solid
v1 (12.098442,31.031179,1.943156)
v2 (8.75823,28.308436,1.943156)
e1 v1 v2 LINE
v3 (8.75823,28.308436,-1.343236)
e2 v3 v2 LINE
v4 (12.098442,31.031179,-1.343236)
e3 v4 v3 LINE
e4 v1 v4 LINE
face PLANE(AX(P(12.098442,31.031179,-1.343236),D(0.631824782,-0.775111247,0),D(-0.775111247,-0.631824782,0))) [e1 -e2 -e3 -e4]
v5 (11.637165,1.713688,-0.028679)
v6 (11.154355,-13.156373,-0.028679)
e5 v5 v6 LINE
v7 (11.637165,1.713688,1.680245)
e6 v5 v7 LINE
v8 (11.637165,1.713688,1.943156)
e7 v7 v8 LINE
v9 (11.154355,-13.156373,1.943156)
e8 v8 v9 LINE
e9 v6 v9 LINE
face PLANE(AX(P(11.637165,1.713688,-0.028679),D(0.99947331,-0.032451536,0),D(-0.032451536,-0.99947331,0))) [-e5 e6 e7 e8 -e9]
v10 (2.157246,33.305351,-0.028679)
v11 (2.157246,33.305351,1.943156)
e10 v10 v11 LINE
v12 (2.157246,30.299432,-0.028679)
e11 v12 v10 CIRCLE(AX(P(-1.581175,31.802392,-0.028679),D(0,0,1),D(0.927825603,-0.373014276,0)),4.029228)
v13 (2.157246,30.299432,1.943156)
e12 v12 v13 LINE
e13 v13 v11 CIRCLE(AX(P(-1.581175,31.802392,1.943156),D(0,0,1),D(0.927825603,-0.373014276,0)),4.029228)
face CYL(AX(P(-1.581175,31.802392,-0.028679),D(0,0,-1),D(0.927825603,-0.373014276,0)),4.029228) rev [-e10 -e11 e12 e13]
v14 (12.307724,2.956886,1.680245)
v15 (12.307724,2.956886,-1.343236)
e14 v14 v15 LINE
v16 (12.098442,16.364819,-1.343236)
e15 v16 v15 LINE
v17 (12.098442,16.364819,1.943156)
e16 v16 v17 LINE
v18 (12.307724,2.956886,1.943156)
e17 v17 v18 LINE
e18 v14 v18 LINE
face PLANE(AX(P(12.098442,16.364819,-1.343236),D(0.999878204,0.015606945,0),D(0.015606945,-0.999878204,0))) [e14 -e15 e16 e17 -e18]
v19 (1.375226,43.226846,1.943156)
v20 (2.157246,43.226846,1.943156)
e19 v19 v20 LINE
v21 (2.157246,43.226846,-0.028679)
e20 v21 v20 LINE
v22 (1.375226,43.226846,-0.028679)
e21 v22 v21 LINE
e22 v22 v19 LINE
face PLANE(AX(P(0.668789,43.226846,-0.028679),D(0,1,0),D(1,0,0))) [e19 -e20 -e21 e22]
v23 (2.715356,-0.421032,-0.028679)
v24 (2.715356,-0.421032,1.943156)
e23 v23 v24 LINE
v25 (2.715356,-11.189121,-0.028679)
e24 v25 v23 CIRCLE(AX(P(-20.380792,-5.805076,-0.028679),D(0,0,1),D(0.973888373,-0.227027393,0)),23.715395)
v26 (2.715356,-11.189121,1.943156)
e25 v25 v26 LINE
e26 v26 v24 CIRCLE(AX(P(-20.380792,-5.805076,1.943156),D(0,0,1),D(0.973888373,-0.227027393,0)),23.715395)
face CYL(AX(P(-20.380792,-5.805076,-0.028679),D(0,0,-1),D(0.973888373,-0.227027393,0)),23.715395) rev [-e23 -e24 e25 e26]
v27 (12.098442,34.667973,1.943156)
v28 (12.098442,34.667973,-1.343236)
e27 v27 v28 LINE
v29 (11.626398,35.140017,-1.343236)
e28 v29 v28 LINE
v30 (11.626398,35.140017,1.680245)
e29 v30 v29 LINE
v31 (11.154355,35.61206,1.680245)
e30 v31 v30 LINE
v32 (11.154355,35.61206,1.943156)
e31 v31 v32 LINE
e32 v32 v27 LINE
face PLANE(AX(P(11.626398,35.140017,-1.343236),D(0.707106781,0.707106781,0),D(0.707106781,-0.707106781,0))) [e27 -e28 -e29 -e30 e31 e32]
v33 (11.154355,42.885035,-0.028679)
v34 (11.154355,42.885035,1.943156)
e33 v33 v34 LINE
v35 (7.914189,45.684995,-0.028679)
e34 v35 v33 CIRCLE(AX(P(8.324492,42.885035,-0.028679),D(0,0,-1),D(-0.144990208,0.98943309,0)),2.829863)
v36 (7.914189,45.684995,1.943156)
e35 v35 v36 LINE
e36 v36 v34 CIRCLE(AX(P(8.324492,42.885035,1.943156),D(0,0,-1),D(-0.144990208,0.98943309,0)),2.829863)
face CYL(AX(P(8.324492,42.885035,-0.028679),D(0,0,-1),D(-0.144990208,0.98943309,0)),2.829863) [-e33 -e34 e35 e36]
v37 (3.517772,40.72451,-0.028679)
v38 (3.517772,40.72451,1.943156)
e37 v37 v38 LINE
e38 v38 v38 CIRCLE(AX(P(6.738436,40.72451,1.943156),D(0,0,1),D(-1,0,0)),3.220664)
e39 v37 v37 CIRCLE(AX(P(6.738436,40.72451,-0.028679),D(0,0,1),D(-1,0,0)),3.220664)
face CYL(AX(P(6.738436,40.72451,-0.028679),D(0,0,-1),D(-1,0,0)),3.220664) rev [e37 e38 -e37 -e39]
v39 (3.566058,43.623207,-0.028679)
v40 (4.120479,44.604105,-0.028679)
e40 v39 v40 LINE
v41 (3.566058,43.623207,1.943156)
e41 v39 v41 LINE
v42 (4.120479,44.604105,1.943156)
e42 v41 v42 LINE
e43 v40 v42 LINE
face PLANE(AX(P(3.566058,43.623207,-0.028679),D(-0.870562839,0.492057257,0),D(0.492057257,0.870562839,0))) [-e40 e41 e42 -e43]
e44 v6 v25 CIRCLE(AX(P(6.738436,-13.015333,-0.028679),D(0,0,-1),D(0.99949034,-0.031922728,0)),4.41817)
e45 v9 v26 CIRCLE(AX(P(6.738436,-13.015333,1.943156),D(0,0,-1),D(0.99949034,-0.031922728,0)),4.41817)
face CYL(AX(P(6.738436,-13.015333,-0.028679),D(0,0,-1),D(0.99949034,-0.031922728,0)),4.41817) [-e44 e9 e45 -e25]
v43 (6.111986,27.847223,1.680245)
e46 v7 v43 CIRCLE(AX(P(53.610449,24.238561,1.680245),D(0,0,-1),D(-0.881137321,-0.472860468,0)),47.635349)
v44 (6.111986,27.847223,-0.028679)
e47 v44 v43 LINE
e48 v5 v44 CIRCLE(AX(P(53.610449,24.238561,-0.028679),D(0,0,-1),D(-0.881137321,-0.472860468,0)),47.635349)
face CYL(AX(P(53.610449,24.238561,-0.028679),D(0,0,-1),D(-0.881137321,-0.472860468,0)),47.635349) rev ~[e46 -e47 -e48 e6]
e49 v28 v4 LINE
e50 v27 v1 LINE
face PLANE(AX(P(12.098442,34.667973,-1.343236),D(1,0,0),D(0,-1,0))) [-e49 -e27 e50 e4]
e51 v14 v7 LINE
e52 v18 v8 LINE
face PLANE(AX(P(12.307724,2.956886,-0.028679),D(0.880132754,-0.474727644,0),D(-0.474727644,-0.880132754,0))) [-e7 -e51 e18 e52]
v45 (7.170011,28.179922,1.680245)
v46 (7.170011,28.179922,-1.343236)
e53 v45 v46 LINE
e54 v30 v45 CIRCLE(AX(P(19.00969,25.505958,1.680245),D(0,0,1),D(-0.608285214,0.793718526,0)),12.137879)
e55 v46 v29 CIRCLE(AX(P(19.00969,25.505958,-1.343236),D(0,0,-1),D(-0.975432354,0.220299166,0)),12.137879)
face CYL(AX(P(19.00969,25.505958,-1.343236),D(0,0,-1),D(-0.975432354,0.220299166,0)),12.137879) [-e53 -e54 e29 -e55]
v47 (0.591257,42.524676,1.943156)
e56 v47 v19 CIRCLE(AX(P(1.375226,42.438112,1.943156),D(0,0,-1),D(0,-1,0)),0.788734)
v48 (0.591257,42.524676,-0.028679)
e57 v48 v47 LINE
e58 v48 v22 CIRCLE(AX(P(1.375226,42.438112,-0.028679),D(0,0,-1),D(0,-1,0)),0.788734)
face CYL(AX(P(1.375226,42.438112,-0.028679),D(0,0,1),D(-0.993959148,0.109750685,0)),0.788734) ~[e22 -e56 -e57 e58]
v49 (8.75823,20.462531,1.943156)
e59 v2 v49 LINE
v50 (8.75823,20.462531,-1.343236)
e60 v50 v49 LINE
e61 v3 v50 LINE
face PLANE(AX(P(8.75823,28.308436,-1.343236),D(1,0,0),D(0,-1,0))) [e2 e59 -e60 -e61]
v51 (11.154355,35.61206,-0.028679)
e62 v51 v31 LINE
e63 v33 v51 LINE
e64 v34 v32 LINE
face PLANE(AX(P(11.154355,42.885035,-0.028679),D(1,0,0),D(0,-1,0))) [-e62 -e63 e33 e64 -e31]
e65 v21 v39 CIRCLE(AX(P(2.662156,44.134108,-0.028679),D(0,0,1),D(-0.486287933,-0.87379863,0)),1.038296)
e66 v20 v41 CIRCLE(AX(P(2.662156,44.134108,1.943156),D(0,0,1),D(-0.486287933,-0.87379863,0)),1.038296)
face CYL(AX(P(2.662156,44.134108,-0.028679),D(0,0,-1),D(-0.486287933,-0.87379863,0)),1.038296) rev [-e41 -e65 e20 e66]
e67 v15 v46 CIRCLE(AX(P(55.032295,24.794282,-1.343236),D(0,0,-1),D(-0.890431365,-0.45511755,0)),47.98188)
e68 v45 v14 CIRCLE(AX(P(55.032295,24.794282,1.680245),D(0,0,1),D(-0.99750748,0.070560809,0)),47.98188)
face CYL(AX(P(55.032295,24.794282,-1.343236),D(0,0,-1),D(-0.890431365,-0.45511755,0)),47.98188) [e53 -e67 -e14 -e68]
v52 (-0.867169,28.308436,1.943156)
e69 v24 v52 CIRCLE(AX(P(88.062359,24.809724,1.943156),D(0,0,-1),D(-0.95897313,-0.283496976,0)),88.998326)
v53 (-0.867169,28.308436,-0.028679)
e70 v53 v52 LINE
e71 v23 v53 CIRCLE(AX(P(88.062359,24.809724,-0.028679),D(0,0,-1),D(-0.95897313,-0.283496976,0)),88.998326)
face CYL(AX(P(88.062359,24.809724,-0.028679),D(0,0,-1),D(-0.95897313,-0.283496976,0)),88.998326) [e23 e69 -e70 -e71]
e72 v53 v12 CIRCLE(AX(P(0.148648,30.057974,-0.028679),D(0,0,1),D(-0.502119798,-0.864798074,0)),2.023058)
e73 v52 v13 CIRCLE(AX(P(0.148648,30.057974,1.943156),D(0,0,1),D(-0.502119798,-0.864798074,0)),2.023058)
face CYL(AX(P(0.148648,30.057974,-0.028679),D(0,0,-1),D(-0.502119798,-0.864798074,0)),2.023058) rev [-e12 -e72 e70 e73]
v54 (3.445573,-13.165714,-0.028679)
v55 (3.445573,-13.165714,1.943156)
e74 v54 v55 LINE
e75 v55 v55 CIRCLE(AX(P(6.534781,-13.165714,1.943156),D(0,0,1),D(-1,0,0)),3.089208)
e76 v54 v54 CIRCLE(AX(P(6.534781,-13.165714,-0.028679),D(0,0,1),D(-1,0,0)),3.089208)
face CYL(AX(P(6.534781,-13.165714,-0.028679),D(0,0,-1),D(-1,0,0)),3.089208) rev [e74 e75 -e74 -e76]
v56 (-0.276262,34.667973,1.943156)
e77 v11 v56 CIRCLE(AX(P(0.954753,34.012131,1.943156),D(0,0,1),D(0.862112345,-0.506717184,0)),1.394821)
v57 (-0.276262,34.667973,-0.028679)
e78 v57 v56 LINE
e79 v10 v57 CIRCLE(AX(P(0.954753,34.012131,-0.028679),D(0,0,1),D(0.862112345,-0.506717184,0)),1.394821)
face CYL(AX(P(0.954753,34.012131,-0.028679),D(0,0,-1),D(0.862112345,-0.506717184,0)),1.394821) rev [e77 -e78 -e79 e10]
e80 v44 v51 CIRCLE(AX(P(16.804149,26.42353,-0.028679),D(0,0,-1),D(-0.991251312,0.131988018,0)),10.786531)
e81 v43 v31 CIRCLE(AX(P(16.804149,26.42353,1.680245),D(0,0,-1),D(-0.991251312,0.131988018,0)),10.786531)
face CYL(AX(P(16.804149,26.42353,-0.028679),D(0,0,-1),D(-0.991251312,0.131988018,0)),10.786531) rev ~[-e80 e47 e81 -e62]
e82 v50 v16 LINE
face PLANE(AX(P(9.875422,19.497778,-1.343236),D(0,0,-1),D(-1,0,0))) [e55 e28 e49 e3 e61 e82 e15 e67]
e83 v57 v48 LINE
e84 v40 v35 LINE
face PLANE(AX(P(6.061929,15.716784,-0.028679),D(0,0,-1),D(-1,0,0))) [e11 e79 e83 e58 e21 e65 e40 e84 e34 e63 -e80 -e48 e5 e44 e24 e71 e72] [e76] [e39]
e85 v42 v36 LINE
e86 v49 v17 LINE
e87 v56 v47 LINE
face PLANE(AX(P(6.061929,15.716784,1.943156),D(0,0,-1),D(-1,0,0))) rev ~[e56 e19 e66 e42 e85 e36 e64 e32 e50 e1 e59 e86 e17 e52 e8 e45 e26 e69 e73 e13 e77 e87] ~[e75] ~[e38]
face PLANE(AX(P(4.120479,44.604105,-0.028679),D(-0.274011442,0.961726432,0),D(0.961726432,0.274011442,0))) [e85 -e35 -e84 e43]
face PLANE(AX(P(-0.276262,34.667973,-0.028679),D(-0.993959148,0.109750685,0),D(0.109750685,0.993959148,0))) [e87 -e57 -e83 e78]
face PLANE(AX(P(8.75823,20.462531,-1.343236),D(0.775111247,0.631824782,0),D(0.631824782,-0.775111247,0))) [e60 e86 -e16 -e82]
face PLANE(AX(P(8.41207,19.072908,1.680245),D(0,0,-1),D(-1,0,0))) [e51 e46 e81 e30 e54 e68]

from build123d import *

# Parameters (mm, degrees)
SKETCH1_R           = 3.1115
SKETCH1_R_2         = 2.9845
BOSS_EXTRUDE1_DEPTH = 1.905
CUT_EXTRUDE1_DEPTH  = 1.651
BOSS_EXTRUDE2_START = 1.27
BOSS_EXTRUDE2_DEPTH = 1.27
FILLET1_R           = 0.762
SCALE1_SCALE        = 1.0350841


with BuildPart() as part:
    # Sketch1 → Boss-Extrude1 (new body)
    with BuildSketch(Plane.XY):
        with BuildLine():
            Line((11.455137598, 2.171678291), (10.988691825, -12.194362723))
            ThreePointArc((10.988691825, -12.194362723), (5.753403312, -16.215064409), (2.835732355, -10.293790556))
            ThreePointArc((2.835732355, -10.293790556), (3.433990562, -5.092237988), (2.835732355, 0.109314579))
            ThreePointArc((2.835732355, 0.109314579), (-0.031028462, 13.845472924), (-0.62536344, 27.864999648))
            ThreePointArc((-0.62536344, 27.864999648), (1.430712022, 27.922734075), (2.296539191, 29.788510826))
            ThreePointArc((2.296539191, 29.788510826), (2.577489408, 31.240527695), (2.296539191, 32.692544565))
            ThreePointArc((2.296539191, 32.692544565), (1.793167017, 34.551137871), (-0.054485013, 34.008980516))
            Line((-0.054485013, 34.008980516), (0.8585336, 42.2777508))
            Line((0.8585336, 42.2777508), (2.296539191, 42.2777508))
            ThreePointArc((2.296539191, 42.2777508), (3.056005554, 42.188646363), (3.657600202, 42.660676697))
            Line((3.657600202, 42.660676697), (4.193229273, 43.60832813))
            Line((4.193229273, 43.60832813), (7.858351578, 44.652580854))
            ThreePointArc((7.858351578, 44.652580854), (10.042305559, 44.016121117), (10.988691825, 41.94752521))
            Line((10.988691825, 41.94752521), (10.988691825, 34.921067581))
            Line((10.988691825, 34.921067581), (11.90077889, 34.008980516))
            Line((11.90077889, 34.008980516), (11.90077889, 30.495455397))
            Line((11.90077889, 30.495455397), (8.673783219, 27.864999648))
            Line((8.673783219, 27.864999648), (8.673783219, 20.285030353))
            Line((8.673783219, 20.285030353), (11.90077889, 16.326210266))
            Line((11.90077889, 16.326210266), (12.102967643, 3.372738413))
            Line((12.102967643, 3.372738413), (11.455137598, 2.171678291))
        make_face()
        with Locations(Location((6.72245078, 39.860230894, 0), (0, 0, 180))):
            Circle(SKETCH1_R, mode=Mode.SUBTRACT)
        with Locations(Location((6.525698673, -12.20338788, 0), (0, 0, 180))):
            Circle(SKETCH1_R_2, mode=Mode.SUBTRACT)
    extrude(amount=BOSS_EXTRUDE1_DEPTH)

    # Sketch7 → Cut-Extrude1 (cut)
    with BuildSketch(Plane(origin=(0, 0, 0), x_dir=(-1, 0, 0), z_dir=(0, 0, -1))):
        with BuildLine():
            Line((-12.102967643, 3.372738413), (-11.455137598, 2.171678291))
            ThreePointArc((-11.455137598, 2.171678291), (-6.980280612, 14.413742368), (-6.117233468, 27.41941911))
            ThreePointArc((-6.117233468, 27.41941911), (-7.707175586, 31.719484817), (-10.988691825, 34.921067581))
            Line((-10.988691825, 34.921067581), (-11.444735357, 34.465024049))
            ThreePointArc((-11.444735357, 34.465024049), (-8.702145747, 31.480644967), (-7.139396786, 27.740841235))
            ThreePointArc((-7.139396786, 27.740841235), (-7.956577994, 15.217724405), (-12.102967643, 3.372738413))
        make_face()
    extrude(amount=-CUT_EXTRUDE1_DEPTH, mode=Mode.SUBTRACT)

    # Sketch8 → Boss-Extrude2 (add)
    with BuildSketch(Plane(origin=(0, 0, 0), x_dir=(-1, 0, 0), z_dir=(0, 0, -1)).offset(BOSS_EXTRUDE2_START)):
        with BuildLine():
            Line((-11.90077889, 16.326210266), (-12.102967643, 3.372738413))
            ThreePointArc((-12.102967643, 3.372738413), (-7.956577994, 15.217724405), (-7.139396786, 27.740841235))
            ThreePointArc((-7.139396786, 27.740841235), (-8.702145747, 31.480644967), (-11.444735357, 34.465024049))
            Line((-11.444735357, 34.465024049), (-11.90077889, 34.008980516))
            Line((-11.90077889, 34.008980516), (-11.90077889, 30.495455397))
            Line((-11.90077889, 30.495455397), (-8.673783219, 27.864999648))
            Line((-8.673783219, 27.864999648), (-8.673783219, 20.285030353))
            Line((-8.673783219, 20.285030353), (-11.90077889, 16.326210266))
        make_face()
    extrude(amount=-BOSS_EXTRUDE2_DEPTH)

    # Fillet1
    fillet1_edges = [part.edges().sort_by_distance(p)[0] for p in [
        (0.8585336, 42.2777508, 0.9525),
    ]]
    fillet(fillet1_edges, radius=FILLET1_R)


with BuildPart() as part_1:
    # Scale1: scaled about (6.266812803, 15.225745721, 0.817427893)
    add(part.part.scale(SCALE1_SCALE).moved(Location((-0.219865487, -0.534181585, -0.028678722))))


solid = part_1.part
